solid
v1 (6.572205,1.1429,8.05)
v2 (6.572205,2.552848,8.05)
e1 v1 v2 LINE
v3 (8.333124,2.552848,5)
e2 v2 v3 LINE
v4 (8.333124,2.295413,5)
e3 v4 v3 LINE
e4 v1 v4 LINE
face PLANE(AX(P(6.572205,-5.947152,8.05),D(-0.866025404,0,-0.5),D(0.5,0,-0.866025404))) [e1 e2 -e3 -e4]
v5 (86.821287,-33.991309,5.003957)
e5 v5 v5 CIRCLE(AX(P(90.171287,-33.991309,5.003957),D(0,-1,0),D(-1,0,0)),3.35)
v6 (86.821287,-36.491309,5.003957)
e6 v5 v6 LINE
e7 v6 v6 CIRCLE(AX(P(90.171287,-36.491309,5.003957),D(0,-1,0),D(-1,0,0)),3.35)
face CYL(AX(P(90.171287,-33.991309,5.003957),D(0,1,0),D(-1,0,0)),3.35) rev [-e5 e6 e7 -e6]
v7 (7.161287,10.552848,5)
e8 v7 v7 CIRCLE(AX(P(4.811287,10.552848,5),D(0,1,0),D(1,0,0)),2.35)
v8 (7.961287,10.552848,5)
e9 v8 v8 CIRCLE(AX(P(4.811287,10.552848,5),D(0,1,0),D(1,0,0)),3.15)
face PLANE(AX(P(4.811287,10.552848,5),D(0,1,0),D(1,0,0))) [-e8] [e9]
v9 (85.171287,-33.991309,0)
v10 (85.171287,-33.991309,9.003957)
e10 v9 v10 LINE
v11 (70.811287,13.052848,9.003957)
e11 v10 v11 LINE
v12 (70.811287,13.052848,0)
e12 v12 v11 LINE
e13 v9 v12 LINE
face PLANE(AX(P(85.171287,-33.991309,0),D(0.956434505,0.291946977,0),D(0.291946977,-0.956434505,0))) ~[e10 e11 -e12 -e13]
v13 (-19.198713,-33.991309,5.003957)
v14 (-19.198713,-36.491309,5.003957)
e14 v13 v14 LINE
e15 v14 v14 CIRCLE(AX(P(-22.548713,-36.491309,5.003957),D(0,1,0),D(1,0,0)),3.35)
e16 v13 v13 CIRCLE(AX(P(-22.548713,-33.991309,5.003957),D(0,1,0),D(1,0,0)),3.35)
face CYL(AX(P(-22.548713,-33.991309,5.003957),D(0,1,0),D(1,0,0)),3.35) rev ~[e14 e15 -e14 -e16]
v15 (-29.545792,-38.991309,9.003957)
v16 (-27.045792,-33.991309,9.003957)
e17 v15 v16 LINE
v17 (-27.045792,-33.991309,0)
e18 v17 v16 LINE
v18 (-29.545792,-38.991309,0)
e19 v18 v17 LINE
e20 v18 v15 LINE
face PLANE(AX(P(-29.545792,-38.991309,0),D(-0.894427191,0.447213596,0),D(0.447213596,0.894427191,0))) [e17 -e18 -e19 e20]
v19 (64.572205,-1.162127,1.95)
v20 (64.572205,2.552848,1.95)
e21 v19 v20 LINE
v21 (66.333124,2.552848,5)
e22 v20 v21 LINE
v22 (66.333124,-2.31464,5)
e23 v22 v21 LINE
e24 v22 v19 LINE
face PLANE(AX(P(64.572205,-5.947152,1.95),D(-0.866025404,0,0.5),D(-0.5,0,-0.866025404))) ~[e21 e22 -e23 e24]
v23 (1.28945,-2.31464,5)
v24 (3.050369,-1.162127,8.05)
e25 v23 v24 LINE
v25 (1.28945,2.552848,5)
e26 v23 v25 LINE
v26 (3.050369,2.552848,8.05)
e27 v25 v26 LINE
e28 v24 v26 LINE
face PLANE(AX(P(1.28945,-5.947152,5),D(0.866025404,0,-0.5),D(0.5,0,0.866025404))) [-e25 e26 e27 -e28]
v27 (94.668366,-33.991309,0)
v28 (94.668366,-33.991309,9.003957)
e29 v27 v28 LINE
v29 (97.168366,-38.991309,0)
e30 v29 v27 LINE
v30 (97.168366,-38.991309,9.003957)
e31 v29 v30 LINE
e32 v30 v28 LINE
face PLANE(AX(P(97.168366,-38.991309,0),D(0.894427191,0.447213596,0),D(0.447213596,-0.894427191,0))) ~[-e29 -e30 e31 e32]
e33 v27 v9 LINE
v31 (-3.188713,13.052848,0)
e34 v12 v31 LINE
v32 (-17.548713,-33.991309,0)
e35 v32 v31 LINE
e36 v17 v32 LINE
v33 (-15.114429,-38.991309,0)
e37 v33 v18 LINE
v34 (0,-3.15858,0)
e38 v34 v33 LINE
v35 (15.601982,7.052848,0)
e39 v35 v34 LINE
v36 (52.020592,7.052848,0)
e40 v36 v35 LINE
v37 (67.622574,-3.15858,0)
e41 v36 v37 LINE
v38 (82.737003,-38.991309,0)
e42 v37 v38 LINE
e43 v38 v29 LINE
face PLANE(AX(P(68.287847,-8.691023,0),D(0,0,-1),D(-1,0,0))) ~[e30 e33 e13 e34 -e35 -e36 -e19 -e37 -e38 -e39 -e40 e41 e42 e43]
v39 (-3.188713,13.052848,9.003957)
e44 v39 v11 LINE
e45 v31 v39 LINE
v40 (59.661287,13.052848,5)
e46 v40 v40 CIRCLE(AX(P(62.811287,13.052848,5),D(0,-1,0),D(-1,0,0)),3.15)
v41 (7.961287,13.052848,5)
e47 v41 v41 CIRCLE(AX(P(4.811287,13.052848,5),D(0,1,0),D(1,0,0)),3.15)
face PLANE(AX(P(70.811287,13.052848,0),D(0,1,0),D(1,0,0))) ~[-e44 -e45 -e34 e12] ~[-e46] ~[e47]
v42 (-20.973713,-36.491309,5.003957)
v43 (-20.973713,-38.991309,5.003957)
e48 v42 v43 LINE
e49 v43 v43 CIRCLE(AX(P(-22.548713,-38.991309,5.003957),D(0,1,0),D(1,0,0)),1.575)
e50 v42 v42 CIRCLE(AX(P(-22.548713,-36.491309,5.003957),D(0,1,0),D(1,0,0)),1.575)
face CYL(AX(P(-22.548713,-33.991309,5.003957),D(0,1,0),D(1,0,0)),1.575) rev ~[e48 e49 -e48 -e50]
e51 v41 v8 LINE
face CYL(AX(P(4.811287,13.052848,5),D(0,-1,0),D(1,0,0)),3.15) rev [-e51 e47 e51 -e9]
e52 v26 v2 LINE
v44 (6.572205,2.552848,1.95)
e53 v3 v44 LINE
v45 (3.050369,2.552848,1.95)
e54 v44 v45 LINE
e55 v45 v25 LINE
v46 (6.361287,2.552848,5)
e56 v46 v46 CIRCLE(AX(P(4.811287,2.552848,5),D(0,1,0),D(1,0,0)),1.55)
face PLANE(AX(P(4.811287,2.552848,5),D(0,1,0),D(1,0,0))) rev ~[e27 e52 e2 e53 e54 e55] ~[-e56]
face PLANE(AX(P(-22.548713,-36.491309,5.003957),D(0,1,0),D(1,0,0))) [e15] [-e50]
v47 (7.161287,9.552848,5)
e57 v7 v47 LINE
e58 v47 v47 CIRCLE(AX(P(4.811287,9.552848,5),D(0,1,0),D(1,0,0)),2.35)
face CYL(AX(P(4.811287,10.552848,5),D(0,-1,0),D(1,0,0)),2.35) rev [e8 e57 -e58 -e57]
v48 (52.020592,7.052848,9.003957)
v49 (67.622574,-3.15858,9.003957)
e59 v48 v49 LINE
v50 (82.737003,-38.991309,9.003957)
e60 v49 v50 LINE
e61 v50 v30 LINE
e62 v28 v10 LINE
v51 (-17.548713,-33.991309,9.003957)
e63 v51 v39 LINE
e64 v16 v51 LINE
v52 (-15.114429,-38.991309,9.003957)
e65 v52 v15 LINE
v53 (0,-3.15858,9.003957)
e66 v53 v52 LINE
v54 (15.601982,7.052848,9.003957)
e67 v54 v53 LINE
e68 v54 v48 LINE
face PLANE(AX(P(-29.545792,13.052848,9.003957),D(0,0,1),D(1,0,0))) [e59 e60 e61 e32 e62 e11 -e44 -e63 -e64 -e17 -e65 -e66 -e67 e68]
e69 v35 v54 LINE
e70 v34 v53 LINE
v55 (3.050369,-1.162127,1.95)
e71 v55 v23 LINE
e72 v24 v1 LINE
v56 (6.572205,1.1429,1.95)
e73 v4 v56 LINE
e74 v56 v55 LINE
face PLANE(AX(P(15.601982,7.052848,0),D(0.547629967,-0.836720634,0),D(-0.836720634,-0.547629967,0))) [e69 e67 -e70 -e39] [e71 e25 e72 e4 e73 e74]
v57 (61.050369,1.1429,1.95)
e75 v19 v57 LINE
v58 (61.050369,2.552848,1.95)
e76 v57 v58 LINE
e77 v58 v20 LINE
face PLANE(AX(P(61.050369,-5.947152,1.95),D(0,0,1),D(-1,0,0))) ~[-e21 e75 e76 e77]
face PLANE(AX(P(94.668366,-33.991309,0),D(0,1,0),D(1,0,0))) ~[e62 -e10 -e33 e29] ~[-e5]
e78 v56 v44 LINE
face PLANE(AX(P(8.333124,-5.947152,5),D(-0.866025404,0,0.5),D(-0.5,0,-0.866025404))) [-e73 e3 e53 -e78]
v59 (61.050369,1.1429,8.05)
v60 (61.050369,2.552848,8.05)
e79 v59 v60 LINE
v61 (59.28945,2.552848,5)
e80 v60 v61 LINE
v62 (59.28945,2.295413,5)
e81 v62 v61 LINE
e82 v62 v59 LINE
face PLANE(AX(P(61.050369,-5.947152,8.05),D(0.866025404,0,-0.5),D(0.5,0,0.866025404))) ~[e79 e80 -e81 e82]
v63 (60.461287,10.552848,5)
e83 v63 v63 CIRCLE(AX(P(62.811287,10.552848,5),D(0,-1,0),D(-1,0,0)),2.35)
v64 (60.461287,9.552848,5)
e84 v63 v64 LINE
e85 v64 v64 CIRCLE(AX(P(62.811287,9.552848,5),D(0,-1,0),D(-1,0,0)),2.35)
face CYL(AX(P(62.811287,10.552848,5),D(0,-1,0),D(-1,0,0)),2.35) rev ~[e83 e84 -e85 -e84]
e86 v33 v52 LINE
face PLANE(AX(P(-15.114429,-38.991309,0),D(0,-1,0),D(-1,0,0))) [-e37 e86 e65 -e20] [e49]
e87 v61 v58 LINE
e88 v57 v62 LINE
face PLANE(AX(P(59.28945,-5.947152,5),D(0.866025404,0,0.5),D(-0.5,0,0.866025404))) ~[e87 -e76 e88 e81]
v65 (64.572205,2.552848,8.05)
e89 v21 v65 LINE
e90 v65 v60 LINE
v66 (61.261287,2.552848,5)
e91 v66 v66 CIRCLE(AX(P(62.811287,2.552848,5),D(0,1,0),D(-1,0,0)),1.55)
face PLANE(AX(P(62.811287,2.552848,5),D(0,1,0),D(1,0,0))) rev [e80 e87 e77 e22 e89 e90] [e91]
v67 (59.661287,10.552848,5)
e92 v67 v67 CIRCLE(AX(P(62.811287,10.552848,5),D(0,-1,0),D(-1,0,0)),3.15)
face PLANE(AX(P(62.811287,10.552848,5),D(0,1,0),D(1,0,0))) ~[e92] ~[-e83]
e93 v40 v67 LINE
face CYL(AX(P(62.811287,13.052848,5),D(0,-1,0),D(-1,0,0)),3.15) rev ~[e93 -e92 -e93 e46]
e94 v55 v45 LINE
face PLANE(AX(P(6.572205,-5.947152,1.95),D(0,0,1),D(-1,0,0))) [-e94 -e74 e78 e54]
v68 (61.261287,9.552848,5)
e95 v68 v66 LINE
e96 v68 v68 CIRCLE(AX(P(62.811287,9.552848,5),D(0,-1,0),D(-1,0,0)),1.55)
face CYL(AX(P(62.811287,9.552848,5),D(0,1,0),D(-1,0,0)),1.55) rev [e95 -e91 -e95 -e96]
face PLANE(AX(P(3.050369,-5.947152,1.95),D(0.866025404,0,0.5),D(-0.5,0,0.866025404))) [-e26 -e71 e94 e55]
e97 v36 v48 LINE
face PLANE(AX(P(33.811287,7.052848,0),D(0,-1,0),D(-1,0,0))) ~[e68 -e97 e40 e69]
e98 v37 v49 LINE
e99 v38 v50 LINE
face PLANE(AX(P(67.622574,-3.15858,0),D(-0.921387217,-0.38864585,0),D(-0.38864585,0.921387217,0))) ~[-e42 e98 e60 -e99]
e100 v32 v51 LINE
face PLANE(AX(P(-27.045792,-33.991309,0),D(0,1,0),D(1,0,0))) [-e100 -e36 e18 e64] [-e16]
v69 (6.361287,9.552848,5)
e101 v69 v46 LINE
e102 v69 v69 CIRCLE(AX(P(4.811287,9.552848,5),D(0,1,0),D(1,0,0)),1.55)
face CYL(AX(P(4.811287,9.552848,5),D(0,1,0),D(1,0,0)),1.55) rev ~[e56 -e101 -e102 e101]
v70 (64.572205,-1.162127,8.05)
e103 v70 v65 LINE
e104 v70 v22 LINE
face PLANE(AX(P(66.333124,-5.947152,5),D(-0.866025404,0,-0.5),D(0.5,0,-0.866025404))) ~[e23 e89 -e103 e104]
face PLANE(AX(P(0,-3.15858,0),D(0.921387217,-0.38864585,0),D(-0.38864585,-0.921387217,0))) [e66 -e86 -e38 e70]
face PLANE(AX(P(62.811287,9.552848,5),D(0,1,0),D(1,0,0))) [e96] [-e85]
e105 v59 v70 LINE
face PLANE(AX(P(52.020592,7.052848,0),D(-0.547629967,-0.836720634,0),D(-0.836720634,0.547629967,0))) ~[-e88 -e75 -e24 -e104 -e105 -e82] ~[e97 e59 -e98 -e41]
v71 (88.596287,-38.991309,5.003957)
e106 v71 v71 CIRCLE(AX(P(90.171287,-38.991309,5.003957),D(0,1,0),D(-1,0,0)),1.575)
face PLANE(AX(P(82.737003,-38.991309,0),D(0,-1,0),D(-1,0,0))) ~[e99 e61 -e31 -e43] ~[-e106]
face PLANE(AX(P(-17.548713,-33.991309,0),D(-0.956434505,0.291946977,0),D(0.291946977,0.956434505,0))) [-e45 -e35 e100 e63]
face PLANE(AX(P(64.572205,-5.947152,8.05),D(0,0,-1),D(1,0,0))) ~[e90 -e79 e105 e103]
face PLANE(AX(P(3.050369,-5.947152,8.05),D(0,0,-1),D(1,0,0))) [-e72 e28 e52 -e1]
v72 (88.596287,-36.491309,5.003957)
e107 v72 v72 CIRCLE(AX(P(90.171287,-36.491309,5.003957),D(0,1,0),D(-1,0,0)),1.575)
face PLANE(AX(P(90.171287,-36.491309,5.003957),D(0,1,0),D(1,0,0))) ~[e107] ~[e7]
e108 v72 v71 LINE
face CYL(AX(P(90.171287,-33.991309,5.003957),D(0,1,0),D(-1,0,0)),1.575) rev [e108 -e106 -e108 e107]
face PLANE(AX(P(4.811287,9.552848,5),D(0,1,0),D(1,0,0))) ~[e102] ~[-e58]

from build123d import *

# Parameters (mm, degrees)
EXTRUDE_1_DEPTH      = 10
SKETCH_7_R           = 1.55
CUT_EXTRUDE_1_DEPTH  = 49.544157215
CUT_EXTRUDE_2_DEPTH  = 8.5
SKETCH_19_W          = 126.714157214
SKETCH_19_H          = 0.99604336
CUT_EXTRUDE_14_DEPTH = 53.044157215
SKETCH_22_R          = 1.575
CUT_EXTRUDE_15_DEPTH = 10
SKETCH_23_R          = 3.35
CUT_EXTRUDE_16_DEPTH = 2.5


with BuildPart() as part:
    # 草图1 → 凸台-拉伸1 (new body)
    with BuildSketch(Plane.XY):
        Polygon((-3.188712924, 13.052848472), (33.811287076, 13.052848472), (33.811287076, 7.052848472), (15.60198174, 7.052848472), (0, -3.158579815), (-15.114428715, -38.991308743), (-29.545791531, -38.991308743), (-27.045791531, -33.991308743), (-17.548712924, -33.991308743), align=None)
    extrude_1 = extrude(amount=EXTRUDE_1_DEPTH)

    # 镜向1: 凸台-拉伸1 across plane
    add(extrude_1.mirror(Plane(origin=(33.811287076, 13.052848472, 10), x_dir=(0, 0, 1), z_dir=(-1, 0, 0))))

    # 草图5 → 切除-旋转7 (revolve, cut)
    with BuildSketch(Plane.XY.offset(5)):
        Polygon((7.961287076, 13.052848472), (7.961287076, 10.552848472), (7.161287076, 10.552848472), (7.161287076, 9.552848472), (6.361287076, 9.552848472), (4.811287076, 9.552848472), (4.811287076, 13.052848472), align=None)
    cut_revolve_7 = revolve(axis=Axis((4.811287076, 9.552848472, 5), (0, 1, 0)), mode=Mode.SUBTRACT)

    # 草图7 → 切除-拉伸1 (cut, through all)
    with BuildSketch(Plane(origin=(0, 9.552848472, 0), x_dir=(1, 0, 0), z_dir=(0, 1, 0))):
        with Locations((4.811287076, -5)):
            Circle(SKETCH_7_R)
    cut_extrude_1 = extrude(amount=-CUT_EXTRUDE_1_DEPTH, mode=Mode.SUBTRACT)

    # 草图8 → 切除-拉伸2 (cut)
    with BuildSketch(Plane(origin=(0, -5.947151528, 0), x_dir=(1, 0, 0), z_dir=(0, 1, 0))):
        Polygon((8.333123718, -5), (6.572205397, -1.95), (3.050368755, -1.95), (1.289450434, -5), (3.050368755, -8.05), (6.572205397, -8.05), align=None)
    cut_extrude_2 = extrude(amount=CUT_EXTRUDE_2_DEPTH, mode=Mode.SUBTRACT)

    # 草图19 → 切除-拉伸14 (cut, through all)
    with BuildSketch(Plane(origin=(0, 13.052848472, 0), x_dir=(1, 0, 0), z_dir=(0, 1, 0))):
        with Locations((33.811287076, -9.50197832)):
            Rectangle(SKETCH_19_W, SKETCH_19_H)
    extrude(amount=-CUT_EXTRUDE_14_DEPTH, mode=Mode.SUBTRACT)

    # 草图22 → 切除-拉伸15 (cut)
    with BuildSketch(Plane(origin=(0, -33.991308743, 0), x_dir=(1, 0, 0), z_dir=(0, 1, 0))):
        with Locations((-22.548712924, -5.00395664)):
            Circle(SKETCH_22_R)
    cut_extrude_15 = extrude(amount=-CUT_EXTRUDE_15_DEPTH, mode=Mode.SUBTRACT)

    # 草图23 → 切除-拉伸16 (cut)
    with BuildSketch(Plane(origin=(0, -33.991308743, 0), x_dir=(1, 0, 0), z_dir=(0, 1, 0))):
        with Locations((-22.548712924, -5.00395664)):
            Circle(SKETCH_23_R)
    cut_extrude_16 = extrude(amount=-CUT_EXTRUDE_16_DEPTH, mode=Mode.SUBTRACT)

    # 镜向2: 切除-旋转7, 切除-拉伸1, 切除-拉伸2, 切除-拉伸15, 切除-拉伸16 across plane
    add(cut_revolve_7.mirror(Plane(origin=(33.811287076, 0, 0), x_dir=(0, 0, 1), z_dir=(1, 0, 0))), mode=Mode.SUBTRACT)
    add(cut_extrude_1.mirror(Plane(origin=(33.811287076, 0, 0), x_dir=(0, 0, 1), z_dir=(1, 0, 0))), mode=Mode.SUBTRACT)
    add(cut_extrude_2.mirror(Plane(origin=(33.811287076, 0, 0), x_dir=(0, 0, 1), z_dir=(1, 0, 0))), mode=Mode.SUBTRACT)
    add(cut_extrude_15.mirror(Plane(origin=(33.811287076, 0, 0), x_dir=(0, 0, 1), z_dir=(1, 0, 0))), mode=Mode.SUBTRACT)
    add(cut_extrude_16.mirror(Plane(origin=(33.811287076, 0, 0), x_dir=(0, 0, 1), z_dir=(1, 0, 0))), mode=Mode.SUBTRACT)


solid = part.part
